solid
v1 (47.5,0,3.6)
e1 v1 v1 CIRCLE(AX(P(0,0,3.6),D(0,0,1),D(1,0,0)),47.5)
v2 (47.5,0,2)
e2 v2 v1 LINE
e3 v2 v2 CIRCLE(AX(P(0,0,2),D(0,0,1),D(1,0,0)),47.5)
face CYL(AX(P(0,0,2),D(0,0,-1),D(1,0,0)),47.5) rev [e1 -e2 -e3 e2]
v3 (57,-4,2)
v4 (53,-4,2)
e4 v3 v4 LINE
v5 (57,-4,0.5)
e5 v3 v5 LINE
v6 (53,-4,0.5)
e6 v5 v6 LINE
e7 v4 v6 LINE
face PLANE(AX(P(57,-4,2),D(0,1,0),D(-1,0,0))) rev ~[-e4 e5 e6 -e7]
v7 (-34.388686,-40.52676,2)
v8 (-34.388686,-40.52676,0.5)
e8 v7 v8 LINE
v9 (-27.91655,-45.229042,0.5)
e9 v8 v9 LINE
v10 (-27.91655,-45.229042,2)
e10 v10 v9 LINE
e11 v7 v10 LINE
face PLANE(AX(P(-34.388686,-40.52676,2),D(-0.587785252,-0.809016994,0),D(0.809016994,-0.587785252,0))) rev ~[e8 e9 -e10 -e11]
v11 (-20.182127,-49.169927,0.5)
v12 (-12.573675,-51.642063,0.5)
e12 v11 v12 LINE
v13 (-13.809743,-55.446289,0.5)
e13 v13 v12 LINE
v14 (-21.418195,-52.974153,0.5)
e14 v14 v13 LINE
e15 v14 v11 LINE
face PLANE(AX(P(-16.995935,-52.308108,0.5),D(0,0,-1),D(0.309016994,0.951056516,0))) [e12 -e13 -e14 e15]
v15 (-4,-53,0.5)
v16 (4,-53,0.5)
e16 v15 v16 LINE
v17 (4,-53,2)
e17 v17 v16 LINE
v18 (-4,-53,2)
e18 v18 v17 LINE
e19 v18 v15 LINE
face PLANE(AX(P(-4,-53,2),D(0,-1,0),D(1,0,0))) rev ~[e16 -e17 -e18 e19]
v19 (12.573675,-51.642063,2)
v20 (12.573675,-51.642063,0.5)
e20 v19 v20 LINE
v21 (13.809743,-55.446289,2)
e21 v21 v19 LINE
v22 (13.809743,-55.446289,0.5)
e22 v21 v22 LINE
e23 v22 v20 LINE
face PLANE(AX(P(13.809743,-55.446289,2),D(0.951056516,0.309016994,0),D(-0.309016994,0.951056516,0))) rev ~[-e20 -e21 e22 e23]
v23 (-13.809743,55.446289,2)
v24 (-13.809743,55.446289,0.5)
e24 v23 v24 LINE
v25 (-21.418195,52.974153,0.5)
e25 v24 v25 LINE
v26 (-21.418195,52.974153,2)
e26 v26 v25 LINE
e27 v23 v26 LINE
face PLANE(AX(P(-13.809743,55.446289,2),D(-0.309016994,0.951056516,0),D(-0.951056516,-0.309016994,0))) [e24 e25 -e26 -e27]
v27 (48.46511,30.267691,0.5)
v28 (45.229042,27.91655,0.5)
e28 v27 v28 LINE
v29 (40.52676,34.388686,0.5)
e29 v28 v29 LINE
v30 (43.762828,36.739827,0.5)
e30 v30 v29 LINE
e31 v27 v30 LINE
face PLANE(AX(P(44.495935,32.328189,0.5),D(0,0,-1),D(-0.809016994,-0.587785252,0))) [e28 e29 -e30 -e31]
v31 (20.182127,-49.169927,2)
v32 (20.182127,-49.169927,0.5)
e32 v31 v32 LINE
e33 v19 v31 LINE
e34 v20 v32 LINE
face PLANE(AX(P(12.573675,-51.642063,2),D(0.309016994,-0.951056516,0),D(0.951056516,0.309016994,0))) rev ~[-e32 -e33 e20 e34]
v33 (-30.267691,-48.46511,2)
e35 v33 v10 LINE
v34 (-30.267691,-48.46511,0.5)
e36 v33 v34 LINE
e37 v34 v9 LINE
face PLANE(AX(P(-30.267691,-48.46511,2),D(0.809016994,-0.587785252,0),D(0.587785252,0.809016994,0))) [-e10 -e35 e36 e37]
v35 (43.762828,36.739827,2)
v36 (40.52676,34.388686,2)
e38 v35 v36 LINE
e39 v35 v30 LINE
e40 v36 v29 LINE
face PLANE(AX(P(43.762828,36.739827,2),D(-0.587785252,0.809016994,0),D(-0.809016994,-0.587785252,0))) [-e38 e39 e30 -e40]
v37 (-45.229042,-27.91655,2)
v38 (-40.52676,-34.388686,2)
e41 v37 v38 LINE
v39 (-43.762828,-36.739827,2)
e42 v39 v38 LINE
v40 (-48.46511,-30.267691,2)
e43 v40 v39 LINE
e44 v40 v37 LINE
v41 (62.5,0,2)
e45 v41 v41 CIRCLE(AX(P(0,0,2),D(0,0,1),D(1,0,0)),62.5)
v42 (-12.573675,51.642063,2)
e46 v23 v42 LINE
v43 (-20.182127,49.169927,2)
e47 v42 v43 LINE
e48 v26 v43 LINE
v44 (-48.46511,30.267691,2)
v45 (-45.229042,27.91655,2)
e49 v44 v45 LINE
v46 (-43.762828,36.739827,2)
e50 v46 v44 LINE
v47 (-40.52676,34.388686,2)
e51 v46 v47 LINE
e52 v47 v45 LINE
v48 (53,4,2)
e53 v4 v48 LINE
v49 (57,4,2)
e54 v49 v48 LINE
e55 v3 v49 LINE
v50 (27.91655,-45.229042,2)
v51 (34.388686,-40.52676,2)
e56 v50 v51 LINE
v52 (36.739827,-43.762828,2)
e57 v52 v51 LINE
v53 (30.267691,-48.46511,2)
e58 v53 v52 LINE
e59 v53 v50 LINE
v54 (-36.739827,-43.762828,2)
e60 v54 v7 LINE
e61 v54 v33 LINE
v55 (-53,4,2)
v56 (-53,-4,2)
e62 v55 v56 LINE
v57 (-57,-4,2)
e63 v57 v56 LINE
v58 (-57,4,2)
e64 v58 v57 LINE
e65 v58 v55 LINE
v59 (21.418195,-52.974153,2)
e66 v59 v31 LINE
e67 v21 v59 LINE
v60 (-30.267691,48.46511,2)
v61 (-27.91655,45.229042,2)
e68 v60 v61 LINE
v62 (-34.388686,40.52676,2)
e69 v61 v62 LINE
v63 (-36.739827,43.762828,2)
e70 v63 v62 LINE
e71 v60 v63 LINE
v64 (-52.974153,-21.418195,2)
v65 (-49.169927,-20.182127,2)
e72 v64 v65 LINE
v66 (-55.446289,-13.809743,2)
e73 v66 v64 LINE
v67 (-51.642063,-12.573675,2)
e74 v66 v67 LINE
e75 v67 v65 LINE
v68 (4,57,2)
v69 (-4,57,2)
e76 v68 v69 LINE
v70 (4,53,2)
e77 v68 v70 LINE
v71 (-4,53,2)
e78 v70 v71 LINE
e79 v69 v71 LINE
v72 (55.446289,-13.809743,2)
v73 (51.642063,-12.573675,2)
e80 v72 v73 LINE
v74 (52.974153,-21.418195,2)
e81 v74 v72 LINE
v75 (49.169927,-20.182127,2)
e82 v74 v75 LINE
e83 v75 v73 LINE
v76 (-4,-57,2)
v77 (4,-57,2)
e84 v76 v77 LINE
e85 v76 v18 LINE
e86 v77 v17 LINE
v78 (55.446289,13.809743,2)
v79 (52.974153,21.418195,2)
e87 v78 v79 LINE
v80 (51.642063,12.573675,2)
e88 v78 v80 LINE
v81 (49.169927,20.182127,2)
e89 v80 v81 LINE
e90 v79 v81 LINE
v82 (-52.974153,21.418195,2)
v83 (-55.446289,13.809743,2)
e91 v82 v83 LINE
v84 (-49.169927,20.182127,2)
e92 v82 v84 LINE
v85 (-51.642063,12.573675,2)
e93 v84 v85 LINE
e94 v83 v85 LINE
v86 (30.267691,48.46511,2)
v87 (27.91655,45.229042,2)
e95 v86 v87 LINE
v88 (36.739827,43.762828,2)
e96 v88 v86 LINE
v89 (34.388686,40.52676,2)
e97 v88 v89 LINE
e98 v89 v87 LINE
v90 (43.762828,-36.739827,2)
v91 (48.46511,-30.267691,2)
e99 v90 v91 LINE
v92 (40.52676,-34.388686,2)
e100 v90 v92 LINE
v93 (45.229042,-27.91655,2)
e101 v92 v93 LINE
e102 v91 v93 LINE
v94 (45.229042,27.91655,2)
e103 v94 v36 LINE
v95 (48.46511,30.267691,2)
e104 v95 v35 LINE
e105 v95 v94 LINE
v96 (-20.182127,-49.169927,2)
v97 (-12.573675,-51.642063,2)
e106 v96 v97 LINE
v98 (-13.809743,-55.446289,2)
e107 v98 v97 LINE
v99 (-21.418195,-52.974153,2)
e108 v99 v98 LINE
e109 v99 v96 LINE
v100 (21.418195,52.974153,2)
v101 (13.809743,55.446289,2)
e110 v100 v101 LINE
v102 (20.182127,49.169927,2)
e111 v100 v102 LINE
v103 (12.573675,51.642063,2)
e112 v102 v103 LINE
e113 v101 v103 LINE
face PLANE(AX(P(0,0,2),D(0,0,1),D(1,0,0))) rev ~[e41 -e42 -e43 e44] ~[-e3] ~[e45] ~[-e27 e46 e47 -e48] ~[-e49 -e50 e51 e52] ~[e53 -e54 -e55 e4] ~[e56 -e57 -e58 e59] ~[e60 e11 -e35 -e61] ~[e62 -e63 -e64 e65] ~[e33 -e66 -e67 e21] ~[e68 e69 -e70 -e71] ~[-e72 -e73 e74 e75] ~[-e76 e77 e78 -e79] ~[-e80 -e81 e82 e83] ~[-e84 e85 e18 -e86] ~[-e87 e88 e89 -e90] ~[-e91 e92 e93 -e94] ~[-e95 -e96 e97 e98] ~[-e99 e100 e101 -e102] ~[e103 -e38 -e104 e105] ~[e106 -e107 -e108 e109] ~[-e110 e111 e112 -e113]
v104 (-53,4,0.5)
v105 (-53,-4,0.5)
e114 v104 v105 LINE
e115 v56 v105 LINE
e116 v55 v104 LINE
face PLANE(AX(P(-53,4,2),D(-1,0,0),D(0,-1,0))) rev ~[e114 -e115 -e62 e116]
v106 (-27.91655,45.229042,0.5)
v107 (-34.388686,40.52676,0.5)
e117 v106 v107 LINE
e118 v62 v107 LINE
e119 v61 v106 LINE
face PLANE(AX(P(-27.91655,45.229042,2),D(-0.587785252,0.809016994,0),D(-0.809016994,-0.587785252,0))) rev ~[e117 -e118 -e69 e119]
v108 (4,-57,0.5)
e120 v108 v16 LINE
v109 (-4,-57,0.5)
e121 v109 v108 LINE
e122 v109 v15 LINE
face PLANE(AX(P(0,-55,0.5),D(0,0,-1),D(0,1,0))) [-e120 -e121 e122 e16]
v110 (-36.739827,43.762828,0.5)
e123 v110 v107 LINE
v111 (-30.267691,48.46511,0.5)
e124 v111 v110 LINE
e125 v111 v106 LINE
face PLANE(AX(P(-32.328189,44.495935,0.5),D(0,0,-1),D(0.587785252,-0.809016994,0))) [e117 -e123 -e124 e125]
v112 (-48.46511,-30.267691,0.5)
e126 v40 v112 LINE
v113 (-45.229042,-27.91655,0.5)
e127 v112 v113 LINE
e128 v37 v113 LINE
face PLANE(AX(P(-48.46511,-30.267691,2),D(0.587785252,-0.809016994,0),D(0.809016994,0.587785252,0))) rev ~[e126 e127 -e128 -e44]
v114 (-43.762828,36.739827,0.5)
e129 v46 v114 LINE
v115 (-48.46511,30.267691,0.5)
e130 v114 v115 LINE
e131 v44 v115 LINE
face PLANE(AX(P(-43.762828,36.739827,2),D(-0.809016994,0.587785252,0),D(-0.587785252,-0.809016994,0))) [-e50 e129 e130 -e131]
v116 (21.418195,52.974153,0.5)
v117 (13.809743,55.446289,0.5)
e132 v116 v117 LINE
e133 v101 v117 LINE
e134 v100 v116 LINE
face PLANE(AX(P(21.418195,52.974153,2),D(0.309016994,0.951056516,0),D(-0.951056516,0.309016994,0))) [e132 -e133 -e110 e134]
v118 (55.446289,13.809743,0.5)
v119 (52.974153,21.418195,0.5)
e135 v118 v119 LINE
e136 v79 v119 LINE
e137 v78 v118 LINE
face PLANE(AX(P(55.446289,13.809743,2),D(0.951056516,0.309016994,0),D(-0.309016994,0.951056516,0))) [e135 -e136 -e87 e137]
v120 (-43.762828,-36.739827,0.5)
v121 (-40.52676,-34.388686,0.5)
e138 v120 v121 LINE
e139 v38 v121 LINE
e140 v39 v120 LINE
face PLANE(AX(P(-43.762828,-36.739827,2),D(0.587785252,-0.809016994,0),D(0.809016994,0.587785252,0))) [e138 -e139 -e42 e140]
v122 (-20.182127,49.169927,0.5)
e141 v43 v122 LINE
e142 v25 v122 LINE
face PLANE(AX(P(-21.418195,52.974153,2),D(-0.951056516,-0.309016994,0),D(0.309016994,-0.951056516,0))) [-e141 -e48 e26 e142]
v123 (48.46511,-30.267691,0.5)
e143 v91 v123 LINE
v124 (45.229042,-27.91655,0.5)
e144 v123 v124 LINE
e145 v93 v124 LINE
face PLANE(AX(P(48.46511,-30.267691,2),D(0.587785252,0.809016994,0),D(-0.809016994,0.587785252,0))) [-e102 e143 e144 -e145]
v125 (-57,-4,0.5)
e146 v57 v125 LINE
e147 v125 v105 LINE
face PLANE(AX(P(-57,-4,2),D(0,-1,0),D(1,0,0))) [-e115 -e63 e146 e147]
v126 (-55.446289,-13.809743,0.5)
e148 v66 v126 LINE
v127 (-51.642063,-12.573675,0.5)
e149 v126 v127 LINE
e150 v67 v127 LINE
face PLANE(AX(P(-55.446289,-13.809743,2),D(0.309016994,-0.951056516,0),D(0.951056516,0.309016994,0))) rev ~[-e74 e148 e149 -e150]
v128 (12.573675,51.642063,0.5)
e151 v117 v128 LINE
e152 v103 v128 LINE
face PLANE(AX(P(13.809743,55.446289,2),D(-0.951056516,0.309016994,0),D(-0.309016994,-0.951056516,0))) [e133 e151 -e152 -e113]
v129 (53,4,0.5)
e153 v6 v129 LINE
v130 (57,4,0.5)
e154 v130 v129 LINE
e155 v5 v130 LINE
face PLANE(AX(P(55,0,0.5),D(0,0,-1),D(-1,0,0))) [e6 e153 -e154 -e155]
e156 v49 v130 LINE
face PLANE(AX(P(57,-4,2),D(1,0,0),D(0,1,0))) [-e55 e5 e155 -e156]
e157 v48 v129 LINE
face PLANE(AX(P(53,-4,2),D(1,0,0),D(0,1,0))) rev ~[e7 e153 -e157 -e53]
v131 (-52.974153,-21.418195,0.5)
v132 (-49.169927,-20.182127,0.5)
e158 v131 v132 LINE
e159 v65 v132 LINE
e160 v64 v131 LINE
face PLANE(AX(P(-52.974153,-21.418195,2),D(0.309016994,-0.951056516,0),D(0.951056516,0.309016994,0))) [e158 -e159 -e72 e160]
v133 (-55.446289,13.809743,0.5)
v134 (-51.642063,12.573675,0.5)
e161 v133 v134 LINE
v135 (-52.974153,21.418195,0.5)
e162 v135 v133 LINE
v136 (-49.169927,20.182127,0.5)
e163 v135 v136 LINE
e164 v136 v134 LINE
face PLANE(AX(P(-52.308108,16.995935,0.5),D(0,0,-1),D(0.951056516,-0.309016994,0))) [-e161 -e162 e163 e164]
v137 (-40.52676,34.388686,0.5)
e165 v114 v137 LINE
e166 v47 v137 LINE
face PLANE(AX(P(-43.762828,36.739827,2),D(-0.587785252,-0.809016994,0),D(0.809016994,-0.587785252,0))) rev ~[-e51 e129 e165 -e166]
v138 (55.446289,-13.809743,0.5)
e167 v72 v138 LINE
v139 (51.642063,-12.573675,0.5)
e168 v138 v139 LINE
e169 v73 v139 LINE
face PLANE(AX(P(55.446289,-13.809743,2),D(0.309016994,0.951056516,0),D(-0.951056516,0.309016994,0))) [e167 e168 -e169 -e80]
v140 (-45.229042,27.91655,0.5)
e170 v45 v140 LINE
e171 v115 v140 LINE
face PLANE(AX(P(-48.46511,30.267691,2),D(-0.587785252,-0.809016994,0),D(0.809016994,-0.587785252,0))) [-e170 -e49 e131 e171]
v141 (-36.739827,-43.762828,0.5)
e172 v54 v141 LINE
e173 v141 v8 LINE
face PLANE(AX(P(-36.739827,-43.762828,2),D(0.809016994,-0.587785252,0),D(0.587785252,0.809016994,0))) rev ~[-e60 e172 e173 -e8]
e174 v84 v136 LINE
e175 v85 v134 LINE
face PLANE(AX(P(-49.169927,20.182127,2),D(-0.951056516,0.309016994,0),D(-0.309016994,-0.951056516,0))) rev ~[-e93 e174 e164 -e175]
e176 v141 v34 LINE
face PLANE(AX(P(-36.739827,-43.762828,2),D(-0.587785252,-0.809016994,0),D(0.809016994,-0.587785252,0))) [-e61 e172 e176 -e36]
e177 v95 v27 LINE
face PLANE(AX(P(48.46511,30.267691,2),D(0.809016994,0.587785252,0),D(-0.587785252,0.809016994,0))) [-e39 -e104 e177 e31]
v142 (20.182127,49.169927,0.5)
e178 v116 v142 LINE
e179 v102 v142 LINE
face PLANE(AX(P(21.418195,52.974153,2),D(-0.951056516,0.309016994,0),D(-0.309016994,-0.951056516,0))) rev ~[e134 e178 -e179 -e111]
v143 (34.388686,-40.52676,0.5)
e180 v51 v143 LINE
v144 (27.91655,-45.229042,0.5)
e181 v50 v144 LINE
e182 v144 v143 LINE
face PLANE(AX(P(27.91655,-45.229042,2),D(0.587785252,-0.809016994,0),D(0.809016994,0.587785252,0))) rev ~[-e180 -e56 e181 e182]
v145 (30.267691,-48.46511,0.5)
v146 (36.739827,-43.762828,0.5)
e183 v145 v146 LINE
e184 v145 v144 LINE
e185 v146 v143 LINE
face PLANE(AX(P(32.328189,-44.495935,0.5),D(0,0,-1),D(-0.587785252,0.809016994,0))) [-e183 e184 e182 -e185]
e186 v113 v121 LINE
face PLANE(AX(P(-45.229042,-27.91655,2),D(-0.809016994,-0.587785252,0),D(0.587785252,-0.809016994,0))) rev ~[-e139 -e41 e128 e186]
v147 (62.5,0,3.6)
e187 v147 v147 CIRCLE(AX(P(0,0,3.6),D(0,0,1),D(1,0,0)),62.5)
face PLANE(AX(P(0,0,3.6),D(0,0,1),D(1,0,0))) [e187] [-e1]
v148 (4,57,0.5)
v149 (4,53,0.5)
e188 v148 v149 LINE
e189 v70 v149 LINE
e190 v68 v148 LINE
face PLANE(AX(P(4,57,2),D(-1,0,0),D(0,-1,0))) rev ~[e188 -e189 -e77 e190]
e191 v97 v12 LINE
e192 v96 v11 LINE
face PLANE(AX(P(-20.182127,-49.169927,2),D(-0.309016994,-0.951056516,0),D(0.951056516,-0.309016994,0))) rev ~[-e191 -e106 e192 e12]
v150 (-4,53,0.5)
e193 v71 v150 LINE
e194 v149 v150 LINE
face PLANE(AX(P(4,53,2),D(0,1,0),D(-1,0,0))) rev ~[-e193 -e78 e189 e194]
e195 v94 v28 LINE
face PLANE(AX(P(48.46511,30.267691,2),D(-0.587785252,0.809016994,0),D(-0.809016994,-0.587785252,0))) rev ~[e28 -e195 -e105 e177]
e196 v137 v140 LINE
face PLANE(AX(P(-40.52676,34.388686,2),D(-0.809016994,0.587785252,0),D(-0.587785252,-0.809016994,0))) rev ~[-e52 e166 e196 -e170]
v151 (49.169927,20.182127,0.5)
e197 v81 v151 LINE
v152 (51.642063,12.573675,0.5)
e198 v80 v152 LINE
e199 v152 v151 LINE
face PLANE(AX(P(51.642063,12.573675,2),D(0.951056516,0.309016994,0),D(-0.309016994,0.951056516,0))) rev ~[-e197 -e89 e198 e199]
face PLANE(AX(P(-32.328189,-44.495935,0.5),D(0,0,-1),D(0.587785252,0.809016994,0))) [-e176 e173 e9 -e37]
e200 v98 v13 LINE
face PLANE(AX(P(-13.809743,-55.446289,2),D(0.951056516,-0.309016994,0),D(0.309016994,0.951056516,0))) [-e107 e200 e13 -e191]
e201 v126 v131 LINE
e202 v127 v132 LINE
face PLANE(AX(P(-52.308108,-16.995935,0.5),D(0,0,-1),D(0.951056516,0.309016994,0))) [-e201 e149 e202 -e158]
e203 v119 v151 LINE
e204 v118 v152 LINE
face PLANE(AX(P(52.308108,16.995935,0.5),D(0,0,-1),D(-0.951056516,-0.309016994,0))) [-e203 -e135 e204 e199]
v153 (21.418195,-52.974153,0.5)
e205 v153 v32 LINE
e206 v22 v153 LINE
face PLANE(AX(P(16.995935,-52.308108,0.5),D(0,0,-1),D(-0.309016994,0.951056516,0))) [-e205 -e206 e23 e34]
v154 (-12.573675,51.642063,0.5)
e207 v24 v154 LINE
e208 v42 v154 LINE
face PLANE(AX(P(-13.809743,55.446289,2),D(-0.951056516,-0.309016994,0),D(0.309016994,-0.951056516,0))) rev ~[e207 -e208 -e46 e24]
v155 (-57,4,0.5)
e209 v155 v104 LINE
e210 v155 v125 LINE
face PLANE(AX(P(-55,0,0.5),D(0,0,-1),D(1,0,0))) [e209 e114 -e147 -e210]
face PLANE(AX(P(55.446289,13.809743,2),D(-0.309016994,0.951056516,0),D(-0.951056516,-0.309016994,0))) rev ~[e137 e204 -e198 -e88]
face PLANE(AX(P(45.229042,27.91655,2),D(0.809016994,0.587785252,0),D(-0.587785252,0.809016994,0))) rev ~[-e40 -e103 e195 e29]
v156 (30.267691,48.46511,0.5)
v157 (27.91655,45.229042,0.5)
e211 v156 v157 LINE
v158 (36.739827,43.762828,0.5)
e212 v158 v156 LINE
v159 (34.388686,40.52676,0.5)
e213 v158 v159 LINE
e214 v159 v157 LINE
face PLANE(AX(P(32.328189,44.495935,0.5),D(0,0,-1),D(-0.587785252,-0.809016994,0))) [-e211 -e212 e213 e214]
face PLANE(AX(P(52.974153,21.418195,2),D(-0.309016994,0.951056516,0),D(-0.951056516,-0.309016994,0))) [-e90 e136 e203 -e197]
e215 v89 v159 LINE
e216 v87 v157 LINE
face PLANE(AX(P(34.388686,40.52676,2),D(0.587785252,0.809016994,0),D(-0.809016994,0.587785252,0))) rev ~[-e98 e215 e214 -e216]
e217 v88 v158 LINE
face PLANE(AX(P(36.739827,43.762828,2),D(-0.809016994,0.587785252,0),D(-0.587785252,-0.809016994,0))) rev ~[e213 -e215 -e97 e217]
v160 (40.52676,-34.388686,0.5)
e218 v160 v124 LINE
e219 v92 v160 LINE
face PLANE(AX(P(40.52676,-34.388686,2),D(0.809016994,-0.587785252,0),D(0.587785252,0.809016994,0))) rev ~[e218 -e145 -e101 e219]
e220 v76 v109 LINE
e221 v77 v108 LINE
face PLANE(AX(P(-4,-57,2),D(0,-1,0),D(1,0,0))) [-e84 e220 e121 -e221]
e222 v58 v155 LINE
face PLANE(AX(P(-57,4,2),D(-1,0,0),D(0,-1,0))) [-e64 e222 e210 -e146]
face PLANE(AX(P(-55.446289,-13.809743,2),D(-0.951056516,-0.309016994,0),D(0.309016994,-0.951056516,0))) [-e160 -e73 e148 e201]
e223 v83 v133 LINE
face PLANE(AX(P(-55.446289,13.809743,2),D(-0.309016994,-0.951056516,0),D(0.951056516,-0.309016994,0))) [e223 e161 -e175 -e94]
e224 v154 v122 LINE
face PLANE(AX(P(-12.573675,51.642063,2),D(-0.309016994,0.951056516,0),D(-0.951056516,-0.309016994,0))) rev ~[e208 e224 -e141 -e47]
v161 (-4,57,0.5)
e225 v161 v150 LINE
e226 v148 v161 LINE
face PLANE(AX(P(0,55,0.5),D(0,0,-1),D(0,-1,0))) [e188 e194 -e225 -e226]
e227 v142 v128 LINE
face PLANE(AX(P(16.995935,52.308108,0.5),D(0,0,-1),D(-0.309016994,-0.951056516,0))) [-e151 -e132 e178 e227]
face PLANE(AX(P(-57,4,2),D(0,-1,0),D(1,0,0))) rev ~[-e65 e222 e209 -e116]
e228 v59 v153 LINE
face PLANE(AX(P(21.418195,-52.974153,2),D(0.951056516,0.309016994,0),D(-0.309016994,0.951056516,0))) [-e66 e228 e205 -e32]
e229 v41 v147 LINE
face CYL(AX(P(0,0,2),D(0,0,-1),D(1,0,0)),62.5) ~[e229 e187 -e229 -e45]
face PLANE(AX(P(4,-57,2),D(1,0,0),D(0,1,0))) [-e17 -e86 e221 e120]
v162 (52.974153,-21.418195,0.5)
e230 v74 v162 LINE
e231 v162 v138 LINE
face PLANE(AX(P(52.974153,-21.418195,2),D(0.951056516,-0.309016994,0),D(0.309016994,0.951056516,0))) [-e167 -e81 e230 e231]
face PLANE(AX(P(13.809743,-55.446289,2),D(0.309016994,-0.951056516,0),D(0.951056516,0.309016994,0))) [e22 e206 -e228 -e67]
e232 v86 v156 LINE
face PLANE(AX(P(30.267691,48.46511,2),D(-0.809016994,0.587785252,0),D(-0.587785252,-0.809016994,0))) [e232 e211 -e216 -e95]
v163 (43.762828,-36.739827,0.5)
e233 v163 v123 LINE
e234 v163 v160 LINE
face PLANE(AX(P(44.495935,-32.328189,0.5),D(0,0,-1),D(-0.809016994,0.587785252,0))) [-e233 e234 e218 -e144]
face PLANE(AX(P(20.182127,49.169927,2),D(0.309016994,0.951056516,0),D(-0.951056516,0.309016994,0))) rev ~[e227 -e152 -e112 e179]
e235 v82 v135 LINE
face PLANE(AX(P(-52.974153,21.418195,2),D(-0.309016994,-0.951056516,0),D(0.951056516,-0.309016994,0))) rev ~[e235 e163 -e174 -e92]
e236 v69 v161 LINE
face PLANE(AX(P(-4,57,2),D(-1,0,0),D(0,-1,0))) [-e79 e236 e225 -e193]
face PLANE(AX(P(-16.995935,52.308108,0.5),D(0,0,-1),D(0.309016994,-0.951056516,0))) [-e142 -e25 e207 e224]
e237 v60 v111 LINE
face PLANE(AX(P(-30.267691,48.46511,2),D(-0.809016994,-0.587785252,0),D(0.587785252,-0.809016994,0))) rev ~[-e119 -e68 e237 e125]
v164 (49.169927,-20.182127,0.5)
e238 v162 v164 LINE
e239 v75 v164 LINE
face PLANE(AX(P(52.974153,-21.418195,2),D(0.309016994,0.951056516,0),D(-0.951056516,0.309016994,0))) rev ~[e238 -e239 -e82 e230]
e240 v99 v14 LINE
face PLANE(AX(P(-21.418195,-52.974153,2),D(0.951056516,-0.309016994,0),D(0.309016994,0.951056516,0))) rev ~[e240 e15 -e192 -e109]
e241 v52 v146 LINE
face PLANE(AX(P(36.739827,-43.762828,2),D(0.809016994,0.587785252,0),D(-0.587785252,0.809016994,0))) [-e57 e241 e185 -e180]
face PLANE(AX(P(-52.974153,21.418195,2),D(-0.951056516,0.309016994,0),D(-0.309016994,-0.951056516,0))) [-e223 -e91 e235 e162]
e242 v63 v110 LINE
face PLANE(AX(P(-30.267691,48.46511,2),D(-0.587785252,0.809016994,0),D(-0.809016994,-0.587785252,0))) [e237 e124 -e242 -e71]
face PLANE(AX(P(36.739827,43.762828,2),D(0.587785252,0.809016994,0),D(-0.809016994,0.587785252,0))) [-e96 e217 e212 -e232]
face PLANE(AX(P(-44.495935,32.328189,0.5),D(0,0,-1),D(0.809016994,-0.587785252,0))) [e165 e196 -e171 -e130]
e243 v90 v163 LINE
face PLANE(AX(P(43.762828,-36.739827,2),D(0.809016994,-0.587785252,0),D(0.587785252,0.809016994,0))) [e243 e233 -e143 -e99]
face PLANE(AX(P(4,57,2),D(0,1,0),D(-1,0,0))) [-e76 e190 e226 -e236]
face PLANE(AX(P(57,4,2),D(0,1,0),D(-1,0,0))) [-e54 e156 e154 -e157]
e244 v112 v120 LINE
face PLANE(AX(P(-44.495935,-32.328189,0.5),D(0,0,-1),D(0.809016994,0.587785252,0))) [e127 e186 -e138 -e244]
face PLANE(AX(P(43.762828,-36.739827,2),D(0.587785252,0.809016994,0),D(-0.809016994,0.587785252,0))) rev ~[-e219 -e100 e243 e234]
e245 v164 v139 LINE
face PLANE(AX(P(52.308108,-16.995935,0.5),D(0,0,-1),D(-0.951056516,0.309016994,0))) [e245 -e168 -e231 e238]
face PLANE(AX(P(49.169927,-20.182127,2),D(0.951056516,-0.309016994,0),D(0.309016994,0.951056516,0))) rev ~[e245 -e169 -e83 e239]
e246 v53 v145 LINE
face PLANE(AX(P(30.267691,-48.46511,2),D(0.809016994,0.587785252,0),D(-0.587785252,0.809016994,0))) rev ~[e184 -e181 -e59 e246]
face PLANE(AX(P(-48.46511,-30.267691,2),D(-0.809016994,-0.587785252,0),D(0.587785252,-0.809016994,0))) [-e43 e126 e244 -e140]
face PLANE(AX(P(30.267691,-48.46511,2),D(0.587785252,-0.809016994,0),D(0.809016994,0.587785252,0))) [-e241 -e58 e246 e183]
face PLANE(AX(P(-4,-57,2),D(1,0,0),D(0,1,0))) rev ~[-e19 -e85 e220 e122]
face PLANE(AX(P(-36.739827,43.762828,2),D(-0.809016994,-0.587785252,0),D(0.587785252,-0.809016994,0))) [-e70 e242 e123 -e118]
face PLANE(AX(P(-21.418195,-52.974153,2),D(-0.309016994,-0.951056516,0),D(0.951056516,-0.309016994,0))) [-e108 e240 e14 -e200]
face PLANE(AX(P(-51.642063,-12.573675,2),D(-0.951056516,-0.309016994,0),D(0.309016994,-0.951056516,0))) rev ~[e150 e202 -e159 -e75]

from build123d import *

# Parameters (mm, degrees)
SKETCH079_R           = 62.5
SKETCH079_R_2         = 47.5
PAD055_DEPTH          = 1.6
SKETCH080_W           = 4
SKETCH080_H           = 8
PAD056_DEPTH          = 1.5
POLARPATTERN011_COUNT = 20


with BuildPart() as part:
    # Sketch079 → Pad055 (new body)
    with BuildSketch(Plane.XY):
        Circle(SKETCH079_R)
        Circle(SKETCH079_R_2, mode=Mode.SUBTRACT)
    extrude(amount=PAD055_DEPTH)

    # Sketch080 (on Face3 of Pad055) → Pad056 (join)
    with BuildSketch(Plane(origin=(0, 0, 0), x_dir=(1, 0, 0), z_dir=(0, 0, -1))):
        with Locations((-55, 0)):
            Rectangle(SKETCH080_W, SKETCH080_H)
    pad056 = extrude(amount=PAD056_DEPTH)

    # PolarPattern011: Pad056 ×20 about axis
    polarpattern011_axis = Axis((0, 0, 0), (0, 0, -1))
    for i in range(1, POLARPATTERN011_COUNT):
        add(pad056.rotate(polarpattern011_axis, i * 360 / POLARPATTERN011_COUNT))


with BuildPart() as part_1:
    # Body032 placement: moved
    add(part.part.moved(Location((0, 0, 2))))


solid = part_1.part
